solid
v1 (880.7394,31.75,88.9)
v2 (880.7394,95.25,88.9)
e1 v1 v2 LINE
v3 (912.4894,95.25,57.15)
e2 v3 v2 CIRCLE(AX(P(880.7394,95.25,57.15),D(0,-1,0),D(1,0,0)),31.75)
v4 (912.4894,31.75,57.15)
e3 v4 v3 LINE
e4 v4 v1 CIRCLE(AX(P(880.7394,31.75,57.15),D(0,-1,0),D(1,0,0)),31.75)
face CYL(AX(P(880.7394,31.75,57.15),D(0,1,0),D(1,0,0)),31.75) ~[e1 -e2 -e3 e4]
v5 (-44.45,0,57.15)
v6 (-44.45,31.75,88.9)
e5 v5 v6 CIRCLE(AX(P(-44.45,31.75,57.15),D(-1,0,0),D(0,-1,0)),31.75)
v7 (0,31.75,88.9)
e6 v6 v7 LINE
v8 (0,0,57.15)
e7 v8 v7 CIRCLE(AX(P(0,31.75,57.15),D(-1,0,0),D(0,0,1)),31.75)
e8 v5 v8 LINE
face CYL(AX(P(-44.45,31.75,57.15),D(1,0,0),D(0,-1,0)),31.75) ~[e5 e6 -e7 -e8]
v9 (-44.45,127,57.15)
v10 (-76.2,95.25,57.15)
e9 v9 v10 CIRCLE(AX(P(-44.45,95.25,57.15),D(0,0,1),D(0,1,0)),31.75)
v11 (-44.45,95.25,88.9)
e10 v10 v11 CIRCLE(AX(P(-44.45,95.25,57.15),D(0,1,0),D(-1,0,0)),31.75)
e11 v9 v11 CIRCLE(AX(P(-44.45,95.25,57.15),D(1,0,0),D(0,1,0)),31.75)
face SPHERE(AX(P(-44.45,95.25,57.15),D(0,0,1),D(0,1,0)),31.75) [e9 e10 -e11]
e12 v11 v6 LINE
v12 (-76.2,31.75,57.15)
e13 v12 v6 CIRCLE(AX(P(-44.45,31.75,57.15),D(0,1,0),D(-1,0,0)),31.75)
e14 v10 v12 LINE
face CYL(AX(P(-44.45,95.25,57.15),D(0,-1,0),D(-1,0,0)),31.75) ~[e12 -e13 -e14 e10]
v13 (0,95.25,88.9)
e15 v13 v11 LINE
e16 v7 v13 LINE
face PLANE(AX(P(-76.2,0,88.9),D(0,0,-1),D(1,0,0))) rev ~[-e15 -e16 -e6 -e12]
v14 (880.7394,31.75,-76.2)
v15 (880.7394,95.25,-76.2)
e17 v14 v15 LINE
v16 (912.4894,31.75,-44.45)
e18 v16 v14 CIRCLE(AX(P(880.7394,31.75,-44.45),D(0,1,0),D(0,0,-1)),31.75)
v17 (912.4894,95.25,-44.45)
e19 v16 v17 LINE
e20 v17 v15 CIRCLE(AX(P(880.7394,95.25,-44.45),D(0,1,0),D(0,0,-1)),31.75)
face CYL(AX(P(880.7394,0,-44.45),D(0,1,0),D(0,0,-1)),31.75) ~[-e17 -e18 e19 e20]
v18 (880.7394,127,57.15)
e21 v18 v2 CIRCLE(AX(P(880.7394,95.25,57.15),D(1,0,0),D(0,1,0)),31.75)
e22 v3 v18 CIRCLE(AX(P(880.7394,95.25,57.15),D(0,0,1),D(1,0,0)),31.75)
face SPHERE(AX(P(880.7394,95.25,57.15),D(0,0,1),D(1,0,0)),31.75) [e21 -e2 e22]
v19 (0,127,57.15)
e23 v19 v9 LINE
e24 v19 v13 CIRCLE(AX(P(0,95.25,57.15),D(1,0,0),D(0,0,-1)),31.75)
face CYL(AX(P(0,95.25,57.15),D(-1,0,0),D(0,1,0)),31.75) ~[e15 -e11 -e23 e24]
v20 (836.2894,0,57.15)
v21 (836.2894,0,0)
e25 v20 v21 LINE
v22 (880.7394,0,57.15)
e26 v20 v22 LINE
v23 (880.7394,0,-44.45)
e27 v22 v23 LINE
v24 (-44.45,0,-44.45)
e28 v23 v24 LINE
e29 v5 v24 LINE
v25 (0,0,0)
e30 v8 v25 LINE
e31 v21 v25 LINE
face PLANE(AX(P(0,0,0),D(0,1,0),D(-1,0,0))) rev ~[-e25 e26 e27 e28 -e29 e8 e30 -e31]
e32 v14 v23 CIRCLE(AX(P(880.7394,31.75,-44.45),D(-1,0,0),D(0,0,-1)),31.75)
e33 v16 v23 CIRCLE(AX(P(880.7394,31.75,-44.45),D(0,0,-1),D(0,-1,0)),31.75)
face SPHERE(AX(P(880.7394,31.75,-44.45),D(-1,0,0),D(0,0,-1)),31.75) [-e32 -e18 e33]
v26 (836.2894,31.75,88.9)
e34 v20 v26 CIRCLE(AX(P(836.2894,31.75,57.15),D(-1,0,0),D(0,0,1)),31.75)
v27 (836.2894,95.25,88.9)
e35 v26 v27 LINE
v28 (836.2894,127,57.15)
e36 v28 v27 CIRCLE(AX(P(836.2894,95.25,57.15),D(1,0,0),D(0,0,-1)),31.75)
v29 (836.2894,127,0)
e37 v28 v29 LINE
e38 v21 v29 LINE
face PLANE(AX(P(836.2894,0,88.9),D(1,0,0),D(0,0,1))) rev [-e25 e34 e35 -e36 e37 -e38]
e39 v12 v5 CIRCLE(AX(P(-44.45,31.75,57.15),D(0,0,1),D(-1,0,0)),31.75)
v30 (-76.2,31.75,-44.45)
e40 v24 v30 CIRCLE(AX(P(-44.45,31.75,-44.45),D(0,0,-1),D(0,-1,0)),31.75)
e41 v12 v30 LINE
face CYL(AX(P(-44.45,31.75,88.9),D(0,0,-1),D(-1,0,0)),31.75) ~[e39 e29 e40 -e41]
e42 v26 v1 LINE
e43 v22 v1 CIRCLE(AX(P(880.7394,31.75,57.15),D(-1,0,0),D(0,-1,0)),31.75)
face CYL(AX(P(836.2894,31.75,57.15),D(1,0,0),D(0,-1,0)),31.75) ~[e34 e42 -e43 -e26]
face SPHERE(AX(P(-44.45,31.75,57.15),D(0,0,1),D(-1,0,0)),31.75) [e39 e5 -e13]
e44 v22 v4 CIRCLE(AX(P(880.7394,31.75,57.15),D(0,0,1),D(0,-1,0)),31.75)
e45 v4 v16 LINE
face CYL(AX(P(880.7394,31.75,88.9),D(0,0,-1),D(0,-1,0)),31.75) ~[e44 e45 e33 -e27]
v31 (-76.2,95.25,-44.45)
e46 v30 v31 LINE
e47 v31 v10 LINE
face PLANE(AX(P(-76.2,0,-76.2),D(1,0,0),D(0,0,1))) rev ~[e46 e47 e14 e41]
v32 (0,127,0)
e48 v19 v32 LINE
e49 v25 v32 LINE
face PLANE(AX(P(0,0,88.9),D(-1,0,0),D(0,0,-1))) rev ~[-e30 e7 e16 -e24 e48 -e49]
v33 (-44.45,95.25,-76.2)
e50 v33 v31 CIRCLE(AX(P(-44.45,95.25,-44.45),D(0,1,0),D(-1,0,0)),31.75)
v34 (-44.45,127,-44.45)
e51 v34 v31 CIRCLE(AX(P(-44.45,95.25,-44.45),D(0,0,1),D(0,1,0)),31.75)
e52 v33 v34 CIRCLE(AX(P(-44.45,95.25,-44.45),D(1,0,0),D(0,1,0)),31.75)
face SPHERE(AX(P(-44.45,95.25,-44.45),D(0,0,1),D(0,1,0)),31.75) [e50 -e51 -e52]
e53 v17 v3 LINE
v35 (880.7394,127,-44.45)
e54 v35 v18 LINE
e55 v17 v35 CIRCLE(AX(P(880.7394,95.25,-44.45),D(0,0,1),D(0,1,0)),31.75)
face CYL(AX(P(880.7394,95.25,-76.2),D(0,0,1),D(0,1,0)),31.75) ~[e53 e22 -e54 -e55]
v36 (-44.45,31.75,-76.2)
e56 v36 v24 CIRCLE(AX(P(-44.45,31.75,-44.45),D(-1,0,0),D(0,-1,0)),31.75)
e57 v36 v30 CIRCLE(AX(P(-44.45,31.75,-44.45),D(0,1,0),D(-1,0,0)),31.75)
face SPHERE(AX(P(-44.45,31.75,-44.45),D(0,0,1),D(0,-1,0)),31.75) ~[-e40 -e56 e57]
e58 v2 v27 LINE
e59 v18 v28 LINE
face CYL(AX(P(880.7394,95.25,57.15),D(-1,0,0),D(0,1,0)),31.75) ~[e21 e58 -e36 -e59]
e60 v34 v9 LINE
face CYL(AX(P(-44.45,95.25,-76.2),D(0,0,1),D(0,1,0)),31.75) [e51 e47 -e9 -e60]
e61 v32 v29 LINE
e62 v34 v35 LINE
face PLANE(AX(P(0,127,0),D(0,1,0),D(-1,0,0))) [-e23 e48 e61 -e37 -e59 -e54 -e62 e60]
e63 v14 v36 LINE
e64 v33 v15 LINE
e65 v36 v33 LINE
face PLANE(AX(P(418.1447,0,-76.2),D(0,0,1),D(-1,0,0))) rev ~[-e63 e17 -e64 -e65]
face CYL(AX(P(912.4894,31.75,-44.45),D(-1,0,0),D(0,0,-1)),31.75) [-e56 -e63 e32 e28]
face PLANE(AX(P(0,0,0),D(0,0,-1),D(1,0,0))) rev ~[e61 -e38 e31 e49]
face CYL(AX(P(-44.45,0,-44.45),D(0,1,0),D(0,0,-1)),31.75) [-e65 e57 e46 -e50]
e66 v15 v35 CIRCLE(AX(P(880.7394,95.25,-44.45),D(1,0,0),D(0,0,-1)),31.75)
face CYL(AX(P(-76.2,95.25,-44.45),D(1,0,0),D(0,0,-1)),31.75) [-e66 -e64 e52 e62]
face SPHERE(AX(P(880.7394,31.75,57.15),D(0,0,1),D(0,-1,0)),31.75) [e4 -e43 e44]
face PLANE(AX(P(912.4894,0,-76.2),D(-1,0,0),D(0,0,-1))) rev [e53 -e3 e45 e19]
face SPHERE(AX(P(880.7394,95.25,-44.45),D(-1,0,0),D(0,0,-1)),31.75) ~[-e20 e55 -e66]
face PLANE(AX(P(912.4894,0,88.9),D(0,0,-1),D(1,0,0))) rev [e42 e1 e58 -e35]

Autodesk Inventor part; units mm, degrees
ref_plane "YZ Plane" through (0, 0, 0) normal (1, 0, 0) x (0, 1, 0)
ref_plane "XZ Plane" through (0, 0, 0) normal (0, 1, 0) x (-1, 0, 0)
ref_plane "XY Plane" through (0, 0, 0) normal (0, 0, 1) x (1, 0, 0)
sketch "Sketch1" plane through (0, 0, 0) normal (0, 1, 0) x (-1, 0, 0)
  line L0 (0, 0) -> (-418.1447, 0)
  line L1 (-418.1447, 0) -> (-418.1447, -76.2)
  line L2 (-418.1447, -76.2) -> (0, -76.2)
  line L3 (0, -76.2) -> (0, 0)
  line L4 (0, -76.2) -> (76.2, -76.2)
  line L5 (76.2, -76.2) -> (76.2, 0)
  line L6 (76.2, 0) -> (0, 0)
  line L7 (0, 0) -> (0, -76.2)
  line L8 (0, 0) -> (76.2, 0)
  line L9 (76.2, 0) -> (76.2, 88.9)
  line L10 (76.2, 88.9) -> (0, 88.9)
  line L11 (0, 88.9) -> (0, 0)
  dimension "d0" = 418.1447
  dimension "d1" = 76.2
  dimension "d4" = 76.2
  dimension "d5" = 76.2
  dimension "d6" = 76.2
  dimension "d7" = 88.9
extrude "Extrusion2" add sketch "Sketch1" along normal blind 127
mirror "Mirror1" about plane through (418.1447, 0, 0) normal (1, 0, 0) of "Extrusion2"
fillet "Fillet1" radius 31.75 8 edges at (-76.2, 127, 6.35) (-76.2, 0, 6.35) (418.1447, 127, -76.2) (418.1447, 0, -76.2) (-76.2, 63.5, -76.2) (912.4895, 63.5, -76.2) (912.4895, 127, 6.35) (912.4895, 0, 6.35)
fillet "Fillet2" radius 31.75 5 edges at (912.4895, 63.5, 88.9) (903.1901, 9.2994, 88.9) (858.5145, 0, 88.9) (858.5145, 127, 88.9) (903.1901, 117.7006, 88.9)
fillet "Fillet3" radius 31.75 5 edges at (-66.9006, 117.7006, 88.9) (-76.2, 63.5, 88.9) (-66.9006, 9.2994, 88.9) (-22.225, 0, 88.9) (-22.225, 127, 88.9)
sketch "Sketch3" plane through (880.7395, 31.75, -76.2) normal (0, 0, -1) x (-1, 0, 0)
  line L0 (314.0818, 85.8231) -> (611.0931, 85.8231) construction
  line L1 (611.0931, 85.8231) -> (611.0931, -17.1741) construction
  line L2 (611.0931, -17.1741) -> (314.0818, -17.1741) construction
  line L3 (314.0818, -17.1741) -> (314.0818, 85.8231) construction
  line L4 (925.1895, 63.5) -> (925.1895, 0) projected
  line L5 (0, 0) -> (0, 63.5) projected
  point P0 (880.7395, -31.75)
  dimension "d31" = 314.0964
decal "Decal1"
properties part number "Bumper" material "CFRP"
